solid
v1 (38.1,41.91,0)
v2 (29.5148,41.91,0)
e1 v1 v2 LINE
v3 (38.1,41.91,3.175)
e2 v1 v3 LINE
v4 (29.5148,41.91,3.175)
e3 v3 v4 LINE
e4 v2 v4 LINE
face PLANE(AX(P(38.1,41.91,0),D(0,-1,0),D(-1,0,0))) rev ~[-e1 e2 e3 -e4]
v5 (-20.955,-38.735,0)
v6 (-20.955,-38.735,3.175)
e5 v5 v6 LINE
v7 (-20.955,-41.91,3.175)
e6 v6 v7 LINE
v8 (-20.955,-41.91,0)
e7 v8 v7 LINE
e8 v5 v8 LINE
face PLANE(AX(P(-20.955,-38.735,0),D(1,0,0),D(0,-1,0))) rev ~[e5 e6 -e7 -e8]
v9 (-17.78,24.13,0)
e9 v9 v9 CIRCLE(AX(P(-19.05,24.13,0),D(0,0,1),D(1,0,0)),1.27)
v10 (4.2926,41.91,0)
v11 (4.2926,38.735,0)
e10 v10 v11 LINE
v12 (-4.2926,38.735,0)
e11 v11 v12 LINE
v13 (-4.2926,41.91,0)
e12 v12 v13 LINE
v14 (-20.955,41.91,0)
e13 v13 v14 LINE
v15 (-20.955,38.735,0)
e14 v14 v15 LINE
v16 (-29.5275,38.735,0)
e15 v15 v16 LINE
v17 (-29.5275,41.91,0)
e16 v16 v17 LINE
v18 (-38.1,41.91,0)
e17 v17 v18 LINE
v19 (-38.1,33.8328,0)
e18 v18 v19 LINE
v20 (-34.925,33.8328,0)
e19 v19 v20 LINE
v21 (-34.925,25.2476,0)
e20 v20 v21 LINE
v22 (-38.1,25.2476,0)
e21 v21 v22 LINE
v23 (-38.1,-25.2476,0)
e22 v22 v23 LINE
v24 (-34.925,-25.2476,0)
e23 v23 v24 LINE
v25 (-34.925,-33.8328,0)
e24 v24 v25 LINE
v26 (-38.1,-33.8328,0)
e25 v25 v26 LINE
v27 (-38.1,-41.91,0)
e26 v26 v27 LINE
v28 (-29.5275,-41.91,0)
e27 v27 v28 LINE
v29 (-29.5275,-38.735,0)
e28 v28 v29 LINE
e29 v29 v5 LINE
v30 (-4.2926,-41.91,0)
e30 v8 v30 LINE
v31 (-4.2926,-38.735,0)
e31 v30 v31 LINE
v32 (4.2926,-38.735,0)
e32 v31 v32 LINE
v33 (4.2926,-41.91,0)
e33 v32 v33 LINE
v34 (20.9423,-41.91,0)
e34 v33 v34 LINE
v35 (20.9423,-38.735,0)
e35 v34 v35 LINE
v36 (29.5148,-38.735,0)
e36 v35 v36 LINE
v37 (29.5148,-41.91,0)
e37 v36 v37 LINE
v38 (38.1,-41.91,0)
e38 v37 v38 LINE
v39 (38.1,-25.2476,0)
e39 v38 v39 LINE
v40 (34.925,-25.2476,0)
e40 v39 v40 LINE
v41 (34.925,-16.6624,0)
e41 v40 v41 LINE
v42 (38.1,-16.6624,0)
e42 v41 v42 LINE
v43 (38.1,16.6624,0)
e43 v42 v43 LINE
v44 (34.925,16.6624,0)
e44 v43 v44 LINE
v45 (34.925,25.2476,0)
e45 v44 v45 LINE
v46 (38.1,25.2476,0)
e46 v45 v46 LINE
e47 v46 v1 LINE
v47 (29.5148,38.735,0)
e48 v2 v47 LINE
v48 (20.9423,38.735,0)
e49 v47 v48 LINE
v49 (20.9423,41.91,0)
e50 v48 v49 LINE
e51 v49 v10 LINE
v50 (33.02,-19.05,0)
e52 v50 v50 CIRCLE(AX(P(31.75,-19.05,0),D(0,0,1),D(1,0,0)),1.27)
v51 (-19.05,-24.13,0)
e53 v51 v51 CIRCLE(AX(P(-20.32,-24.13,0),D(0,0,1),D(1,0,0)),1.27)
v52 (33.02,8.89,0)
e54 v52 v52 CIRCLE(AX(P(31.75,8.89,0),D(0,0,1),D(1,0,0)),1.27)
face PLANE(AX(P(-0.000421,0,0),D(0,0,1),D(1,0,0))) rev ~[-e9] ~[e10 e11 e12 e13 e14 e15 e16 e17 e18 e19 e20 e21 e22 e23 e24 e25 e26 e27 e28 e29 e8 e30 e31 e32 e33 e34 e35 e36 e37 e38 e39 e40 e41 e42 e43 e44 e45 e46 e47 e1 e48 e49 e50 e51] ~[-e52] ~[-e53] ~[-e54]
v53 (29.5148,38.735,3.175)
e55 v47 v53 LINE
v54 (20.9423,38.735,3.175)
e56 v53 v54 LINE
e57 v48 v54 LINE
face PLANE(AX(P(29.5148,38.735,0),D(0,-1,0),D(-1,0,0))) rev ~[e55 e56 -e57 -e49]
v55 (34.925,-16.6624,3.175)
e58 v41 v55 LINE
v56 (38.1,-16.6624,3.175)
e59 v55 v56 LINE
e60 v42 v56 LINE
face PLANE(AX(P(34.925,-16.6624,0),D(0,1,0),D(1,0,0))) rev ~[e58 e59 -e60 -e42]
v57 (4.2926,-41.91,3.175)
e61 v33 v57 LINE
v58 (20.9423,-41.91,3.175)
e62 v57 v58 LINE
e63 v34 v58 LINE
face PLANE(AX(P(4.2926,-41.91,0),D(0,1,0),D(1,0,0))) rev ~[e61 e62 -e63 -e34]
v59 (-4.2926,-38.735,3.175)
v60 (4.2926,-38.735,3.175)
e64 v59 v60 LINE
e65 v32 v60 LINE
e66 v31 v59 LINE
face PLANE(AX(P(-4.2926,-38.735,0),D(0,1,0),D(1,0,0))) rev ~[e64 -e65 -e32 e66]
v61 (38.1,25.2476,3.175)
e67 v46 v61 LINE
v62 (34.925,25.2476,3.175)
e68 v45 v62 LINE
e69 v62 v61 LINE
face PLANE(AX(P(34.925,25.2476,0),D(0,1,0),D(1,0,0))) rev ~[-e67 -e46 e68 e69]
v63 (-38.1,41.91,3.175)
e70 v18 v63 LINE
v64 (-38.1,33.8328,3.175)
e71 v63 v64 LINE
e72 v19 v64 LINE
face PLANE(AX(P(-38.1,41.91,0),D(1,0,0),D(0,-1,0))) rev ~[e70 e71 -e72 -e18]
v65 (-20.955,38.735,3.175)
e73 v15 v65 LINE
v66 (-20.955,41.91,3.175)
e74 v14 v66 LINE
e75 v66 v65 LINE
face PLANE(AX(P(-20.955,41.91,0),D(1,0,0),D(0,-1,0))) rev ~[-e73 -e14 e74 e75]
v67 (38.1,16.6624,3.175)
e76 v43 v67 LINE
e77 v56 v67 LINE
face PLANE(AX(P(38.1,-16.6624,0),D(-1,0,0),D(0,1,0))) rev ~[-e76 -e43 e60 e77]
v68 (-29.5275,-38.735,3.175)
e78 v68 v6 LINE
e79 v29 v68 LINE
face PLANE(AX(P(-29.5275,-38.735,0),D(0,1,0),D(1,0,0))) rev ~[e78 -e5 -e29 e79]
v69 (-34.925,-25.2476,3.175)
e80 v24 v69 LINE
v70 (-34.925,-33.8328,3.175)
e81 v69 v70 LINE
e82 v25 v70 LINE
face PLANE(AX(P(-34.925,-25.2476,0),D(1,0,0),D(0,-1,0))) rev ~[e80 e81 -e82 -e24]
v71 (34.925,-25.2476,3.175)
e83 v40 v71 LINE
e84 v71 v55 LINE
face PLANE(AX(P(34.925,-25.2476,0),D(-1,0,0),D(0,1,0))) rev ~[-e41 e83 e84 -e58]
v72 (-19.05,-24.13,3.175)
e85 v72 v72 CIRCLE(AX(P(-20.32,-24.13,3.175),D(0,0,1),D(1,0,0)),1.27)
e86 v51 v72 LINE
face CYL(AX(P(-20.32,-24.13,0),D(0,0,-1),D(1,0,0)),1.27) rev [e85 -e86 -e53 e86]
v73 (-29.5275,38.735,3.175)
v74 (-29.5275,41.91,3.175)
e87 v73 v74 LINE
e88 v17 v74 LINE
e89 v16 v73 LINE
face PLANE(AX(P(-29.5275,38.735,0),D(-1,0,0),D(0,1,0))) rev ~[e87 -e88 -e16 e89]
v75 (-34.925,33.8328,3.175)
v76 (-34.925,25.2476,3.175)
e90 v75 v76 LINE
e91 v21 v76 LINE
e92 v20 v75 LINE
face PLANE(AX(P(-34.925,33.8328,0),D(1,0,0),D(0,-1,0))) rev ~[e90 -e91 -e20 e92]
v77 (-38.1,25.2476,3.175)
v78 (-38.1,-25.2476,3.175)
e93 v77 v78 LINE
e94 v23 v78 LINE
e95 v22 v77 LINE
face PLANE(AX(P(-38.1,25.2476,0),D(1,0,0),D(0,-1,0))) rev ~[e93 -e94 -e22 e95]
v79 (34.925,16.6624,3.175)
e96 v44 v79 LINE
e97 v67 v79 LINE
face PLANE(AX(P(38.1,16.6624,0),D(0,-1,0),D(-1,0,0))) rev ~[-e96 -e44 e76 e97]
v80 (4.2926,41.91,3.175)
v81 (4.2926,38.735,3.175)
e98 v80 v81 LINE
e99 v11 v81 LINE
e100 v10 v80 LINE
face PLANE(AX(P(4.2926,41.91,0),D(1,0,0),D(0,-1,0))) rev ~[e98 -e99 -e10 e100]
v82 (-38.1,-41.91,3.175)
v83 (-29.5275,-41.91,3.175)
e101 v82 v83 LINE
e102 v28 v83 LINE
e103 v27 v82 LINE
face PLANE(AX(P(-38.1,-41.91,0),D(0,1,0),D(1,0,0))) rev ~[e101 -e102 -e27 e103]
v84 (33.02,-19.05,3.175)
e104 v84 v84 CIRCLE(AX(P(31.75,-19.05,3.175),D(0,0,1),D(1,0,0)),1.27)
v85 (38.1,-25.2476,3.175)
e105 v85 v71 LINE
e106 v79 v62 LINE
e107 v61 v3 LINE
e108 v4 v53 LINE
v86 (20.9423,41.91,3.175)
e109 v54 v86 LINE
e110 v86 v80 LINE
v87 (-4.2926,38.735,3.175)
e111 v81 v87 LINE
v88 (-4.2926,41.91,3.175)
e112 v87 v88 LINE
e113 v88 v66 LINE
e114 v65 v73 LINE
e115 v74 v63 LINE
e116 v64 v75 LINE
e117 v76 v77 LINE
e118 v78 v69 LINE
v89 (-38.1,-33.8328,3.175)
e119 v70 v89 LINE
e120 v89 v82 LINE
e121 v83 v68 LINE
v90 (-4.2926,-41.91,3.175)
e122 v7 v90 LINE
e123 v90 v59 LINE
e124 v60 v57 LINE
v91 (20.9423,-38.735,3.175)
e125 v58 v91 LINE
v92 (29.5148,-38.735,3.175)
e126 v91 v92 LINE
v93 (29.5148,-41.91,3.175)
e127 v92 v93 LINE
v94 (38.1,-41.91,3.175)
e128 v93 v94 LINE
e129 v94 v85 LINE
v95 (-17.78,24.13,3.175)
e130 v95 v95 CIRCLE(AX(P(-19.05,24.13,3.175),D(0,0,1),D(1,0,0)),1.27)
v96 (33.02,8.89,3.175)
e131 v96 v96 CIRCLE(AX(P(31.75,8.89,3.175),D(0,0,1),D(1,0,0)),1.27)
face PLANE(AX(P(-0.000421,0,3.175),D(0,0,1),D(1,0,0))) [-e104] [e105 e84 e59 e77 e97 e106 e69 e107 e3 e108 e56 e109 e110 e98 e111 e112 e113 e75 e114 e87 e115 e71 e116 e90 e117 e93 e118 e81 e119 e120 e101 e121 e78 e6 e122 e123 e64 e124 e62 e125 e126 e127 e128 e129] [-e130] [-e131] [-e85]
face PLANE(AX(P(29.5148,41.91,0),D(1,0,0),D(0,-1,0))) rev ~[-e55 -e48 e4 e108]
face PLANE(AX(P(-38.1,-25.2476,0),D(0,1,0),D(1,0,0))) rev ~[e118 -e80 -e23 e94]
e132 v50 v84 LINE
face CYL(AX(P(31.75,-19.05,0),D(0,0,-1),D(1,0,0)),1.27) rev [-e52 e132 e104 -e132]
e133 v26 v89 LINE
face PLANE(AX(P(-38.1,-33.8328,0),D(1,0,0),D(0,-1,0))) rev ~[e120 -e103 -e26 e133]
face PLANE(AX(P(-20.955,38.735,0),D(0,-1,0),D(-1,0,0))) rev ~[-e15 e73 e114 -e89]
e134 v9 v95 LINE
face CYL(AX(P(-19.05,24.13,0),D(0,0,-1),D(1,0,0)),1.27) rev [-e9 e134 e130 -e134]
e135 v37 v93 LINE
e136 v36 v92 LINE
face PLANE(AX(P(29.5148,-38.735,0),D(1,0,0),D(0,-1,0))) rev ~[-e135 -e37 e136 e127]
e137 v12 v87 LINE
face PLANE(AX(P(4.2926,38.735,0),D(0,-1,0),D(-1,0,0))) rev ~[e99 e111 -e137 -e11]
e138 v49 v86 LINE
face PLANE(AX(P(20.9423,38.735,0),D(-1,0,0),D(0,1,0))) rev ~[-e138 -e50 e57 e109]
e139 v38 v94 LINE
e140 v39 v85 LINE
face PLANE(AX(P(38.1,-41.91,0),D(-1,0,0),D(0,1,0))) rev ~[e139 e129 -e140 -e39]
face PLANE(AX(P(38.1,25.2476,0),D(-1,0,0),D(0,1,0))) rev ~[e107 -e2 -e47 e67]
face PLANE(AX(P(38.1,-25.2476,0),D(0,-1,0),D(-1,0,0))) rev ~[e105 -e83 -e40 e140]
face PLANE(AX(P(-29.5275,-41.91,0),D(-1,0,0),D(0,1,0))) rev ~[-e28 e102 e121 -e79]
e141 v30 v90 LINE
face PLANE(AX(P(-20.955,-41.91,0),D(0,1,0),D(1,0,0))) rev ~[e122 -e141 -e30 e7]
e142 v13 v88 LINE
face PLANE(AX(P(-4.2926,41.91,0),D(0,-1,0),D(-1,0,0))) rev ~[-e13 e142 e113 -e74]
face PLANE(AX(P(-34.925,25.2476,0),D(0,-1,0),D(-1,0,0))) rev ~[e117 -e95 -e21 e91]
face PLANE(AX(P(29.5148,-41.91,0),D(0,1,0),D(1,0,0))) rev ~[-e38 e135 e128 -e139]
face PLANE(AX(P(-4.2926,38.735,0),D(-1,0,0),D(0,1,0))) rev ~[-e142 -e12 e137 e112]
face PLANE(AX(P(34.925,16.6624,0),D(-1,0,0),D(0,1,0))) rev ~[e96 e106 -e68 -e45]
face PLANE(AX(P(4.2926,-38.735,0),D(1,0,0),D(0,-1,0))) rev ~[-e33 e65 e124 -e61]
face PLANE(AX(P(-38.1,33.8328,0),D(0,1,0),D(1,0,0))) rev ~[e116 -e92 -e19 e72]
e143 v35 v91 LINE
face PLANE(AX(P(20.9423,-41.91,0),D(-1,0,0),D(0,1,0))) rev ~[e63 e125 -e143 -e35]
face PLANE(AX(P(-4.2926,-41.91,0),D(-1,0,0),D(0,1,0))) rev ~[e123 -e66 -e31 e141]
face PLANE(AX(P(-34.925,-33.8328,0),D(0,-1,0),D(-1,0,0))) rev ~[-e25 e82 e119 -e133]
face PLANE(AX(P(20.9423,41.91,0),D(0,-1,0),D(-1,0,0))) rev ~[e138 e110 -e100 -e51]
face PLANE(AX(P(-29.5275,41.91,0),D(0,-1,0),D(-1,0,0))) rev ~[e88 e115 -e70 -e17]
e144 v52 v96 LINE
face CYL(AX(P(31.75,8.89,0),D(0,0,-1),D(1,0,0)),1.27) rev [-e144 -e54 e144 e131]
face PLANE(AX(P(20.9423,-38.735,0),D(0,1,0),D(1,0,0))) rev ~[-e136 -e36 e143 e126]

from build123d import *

# Parameters (mm, degrees)
F0_R     = 1.27
F1_DEPTH = 3.175


with BuildPart() as f1:
    # F0 (on Top) → F1 (new body)
    with BuildSketch(Plane.XY):
        Polygon((-29.5275, 41.91), (-38.1, 41.91), (-38.1, 33.8328), (-34.925, 33.8328), (-34.925, 25.2476), (-38.1, 25.2476), (-38.1, -25.2476), (-34.925, -25.2476), (-34.925, -33.8328), (-38.1, -33.8328), (-38.1, -41.91), (-29.5275, -41.91), (-29.5275, -38.735), (-20.955, -38.735), (-20.955, -41.91), (-4.2926, -41.91), (-4.2926, -38.735), (4.2926, -38.735), (4.2926, -41.91), (20.9423, -41.91), (20.9423, -38.735), (29.5148, -38.735), (29.5148, -41.91), (38.1, -41.91), (38.1, -25.2476), (34.925, -25.2476), (34.925, -16.6624), (38.1, -16.6624), (38.1, 16.6624), (34.925, 16.6624), (34.925, 25.2476), (38.1, 25.2476), (38.1, 41.91), (29.5148, 41.91), (29.5148, 38.735), (20.9423, 38.735), (20.9423, 41.91), (4.2926, 41.91), (4.2926, 38.735), (0, 38.735), (-4.2926, 38.735), (-4.2926, 41.91), (-20.955, 41.91), (-20.955, 38.735), (-29.5275, 38.735), align=None)
        with Locations((-20.32, -24.13)):
            Circle(F0_R, mode=Mode.SUBTRACT)
        with Locations((31.75, -19.05)):
            Circle(F0_R, mode=Mode.SUBTRACT)
        with Locations((-19.05, 24.13)):
            Circle(F0_R, mode=Mode.SUBTRACT)
        with Locations((31.75, 8.89)):
            Circle(F0_R, mode=Mode.SUBTRACT)
    extrude(amount=F1_DEPTH)


solid = f1.part
